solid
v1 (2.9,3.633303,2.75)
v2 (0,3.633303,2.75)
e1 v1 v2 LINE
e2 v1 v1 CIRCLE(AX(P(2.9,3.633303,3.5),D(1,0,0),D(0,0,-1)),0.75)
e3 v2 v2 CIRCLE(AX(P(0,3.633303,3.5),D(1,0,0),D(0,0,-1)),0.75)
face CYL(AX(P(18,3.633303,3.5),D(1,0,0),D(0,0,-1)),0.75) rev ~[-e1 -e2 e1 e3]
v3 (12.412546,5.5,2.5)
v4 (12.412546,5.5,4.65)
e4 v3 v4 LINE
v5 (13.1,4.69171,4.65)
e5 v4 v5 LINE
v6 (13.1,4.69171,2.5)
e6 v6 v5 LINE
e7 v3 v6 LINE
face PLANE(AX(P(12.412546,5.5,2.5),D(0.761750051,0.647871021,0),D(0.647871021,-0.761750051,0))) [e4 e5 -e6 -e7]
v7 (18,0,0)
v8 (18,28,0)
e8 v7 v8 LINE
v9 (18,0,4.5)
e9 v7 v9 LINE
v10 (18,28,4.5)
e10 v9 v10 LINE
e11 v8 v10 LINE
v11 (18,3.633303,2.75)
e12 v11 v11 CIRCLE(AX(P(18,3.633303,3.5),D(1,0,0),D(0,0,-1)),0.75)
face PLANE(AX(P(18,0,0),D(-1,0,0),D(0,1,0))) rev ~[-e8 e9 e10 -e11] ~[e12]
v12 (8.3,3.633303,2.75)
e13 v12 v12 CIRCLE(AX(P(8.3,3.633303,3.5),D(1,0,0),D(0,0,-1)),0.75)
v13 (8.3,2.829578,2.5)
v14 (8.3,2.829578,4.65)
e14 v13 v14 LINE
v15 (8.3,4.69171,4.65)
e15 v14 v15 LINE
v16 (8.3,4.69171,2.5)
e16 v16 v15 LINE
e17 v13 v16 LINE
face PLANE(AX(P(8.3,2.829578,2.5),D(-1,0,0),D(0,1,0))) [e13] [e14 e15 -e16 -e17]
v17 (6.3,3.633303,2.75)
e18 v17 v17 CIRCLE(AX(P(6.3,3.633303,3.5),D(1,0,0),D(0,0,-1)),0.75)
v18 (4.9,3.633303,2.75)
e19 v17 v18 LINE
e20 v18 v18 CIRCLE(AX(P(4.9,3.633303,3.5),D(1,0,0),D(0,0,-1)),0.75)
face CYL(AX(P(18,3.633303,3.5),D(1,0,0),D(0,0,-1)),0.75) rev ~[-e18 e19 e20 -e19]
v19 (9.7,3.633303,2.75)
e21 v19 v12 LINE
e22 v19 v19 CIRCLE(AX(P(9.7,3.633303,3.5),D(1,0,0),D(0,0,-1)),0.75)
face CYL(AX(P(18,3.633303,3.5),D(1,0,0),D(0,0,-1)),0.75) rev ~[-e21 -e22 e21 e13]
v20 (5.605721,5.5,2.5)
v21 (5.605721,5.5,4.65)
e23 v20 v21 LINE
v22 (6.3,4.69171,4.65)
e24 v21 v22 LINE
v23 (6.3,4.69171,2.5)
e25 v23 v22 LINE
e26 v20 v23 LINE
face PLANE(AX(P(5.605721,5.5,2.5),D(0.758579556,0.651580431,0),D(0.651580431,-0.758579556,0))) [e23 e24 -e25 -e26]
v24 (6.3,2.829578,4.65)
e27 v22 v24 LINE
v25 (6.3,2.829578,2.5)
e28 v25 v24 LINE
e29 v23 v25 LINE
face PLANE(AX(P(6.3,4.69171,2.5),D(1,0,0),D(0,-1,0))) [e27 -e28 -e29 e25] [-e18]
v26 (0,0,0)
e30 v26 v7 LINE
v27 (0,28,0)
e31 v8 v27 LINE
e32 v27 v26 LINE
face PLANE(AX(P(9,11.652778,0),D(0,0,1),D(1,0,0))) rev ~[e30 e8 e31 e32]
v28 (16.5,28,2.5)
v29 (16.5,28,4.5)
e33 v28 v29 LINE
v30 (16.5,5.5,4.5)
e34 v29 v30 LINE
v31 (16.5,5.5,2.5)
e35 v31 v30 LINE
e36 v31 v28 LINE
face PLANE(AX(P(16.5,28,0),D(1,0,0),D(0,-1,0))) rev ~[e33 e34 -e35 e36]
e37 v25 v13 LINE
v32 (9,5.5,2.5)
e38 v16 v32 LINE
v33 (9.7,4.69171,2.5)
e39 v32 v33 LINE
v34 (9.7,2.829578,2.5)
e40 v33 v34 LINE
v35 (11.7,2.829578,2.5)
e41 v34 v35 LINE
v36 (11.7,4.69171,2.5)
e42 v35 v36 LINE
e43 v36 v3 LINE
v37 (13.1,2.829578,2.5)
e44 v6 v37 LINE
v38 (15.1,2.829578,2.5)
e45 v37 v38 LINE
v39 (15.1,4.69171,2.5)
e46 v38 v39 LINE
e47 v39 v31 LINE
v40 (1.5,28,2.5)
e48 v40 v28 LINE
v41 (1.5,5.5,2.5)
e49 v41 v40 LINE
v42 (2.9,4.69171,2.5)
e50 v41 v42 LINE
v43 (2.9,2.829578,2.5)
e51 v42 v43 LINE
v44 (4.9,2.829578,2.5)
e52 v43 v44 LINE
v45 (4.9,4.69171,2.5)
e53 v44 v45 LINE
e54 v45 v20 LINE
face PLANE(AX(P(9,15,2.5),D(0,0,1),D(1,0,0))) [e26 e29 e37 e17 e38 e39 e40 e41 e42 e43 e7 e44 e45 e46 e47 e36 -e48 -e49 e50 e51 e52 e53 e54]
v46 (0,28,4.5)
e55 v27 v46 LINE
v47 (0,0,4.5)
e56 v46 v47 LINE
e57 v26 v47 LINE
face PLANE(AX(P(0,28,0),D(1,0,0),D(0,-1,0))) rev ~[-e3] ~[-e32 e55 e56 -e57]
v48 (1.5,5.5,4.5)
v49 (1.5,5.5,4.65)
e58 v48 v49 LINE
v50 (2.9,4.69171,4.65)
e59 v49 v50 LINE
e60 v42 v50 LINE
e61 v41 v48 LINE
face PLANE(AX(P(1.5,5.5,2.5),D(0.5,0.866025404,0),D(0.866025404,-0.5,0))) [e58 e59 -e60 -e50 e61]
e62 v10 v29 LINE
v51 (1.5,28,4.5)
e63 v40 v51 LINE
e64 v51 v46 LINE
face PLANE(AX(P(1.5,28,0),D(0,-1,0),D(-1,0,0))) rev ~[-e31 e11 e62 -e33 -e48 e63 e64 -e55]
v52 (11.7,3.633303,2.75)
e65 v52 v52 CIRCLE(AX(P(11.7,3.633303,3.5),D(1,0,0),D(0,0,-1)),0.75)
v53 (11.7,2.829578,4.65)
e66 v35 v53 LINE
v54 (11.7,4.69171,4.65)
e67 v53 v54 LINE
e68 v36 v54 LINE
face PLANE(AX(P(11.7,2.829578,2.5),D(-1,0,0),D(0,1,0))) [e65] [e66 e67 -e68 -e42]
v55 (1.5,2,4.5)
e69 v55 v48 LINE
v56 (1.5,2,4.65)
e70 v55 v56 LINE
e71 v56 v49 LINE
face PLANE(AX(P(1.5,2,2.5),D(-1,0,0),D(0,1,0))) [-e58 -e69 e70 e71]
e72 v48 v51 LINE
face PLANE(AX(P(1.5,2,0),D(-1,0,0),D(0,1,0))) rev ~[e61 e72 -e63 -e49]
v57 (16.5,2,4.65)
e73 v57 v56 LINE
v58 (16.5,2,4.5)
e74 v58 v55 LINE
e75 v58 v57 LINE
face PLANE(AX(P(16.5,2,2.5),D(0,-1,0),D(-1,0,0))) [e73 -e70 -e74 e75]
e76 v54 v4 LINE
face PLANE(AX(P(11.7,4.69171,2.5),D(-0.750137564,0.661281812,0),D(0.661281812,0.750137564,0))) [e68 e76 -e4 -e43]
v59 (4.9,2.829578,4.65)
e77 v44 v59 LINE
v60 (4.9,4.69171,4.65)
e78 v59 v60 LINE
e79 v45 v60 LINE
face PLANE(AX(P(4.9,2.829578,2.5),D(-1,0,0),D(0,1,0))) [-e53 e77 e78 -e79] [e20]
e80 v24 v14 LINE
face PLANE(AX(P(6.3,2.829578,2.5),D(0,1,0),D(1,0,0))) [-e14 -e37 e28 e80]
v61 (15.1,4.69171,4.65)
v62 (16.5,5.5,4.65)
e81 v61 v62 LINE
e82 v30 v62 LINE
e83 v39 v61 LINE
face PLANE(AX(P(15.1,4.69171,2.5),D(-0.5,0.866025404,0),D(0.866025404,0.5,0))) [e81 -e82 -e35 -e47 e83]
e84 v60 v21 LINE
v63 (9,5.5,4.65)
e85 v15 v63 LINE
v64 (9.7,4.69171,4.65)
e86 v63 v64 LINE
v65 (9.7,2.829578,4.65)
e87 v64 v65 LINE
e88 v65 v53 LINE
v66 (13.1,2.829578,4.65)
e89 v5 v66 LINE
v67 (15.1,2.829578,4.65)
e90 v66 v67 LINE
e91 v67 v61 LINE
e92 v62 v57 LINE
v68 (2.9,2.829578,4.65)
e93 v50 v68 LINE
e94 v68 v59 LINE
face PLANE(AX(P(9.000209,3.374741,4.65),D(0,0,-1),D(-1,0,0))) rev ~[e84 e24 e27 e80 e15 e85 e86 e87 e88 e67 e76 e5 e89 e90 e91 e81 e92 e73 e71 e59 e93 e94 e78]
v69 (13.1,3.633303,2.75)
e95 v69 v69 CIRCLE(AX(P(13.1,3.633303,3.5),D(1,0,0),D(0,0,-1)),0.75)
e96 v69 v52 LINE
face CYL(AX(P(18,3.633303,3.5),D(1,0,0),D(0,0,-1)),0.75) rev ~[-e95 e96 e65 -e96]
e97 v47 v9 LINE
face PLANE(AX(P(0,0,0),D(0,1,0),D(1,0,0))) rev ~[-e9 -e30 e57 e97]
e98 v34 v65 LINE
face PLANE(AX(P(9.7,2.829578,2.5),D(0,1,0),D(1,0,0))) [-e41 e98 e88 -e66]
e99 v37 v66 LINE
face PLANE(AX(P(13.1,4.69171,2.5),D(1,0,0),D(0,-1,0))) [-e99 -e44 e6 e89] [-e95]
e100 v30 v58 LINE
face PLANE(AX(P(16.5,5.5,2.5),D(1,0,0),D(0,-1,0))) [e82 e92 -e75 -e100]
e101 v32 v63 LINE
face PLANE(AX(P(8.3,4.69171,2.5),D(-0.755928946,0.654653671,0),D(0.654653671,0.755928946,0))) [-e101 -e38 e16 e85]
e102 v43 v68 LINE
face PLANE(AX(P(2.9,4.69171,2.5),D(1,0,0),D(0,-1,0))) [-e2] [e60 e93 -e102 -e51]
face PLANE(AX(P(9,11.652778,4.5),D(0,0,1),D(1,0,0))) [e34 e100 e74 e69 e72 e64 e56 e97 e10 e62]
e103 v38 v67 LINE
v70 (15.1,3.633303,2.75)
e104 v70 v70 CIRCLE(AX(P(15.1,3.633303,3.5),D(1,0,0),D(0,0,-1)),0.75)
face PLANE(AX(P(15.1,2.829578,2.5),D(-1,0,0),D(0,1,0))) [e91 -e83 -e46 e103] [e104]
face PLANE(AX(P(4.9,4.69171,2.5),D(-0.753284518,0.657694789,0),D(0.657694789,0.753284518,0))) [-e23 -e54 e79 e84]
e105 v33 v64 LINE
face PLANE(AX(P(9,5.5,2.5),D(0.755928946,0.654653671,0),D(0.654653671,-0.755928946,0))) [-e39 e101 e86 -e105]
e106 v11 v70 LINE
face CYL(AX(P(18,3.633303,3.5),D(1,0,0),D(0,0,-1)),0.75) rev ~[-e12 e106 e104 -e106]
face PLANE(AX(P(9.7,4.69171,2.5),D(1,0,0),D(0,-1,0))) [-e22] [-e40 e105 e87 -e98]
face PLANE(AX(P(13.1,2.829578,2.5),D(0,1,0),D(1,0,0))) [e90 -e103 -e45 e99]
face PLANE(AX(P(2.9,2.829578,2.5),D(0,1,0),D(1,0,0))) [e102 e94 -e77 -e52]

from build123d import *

# Parameters (mm, degrees)
ESBO_O1_W                = 15
ESBO_O1_H                = 26
RESSALTO_EXTRUS_O1_DEPTH = 2.5
RESSALTO_EXTRUS_O2_DEPTH = 4.5
RESSALTO_EXTRUS_O3_DEPTH = 2.15
ESBO_O3_R                = 0.75
CORTE_EXTRUS_O1_DEPTH    = 34.609857185


with BuildPart() as part:
    # Esboço1 → Ressalto-extrusão1 (new body)
    with BuildSketch(Plane.XY):
        with Locations((9, 15)):
            Rectangle(ESBO_O1_W, ESBO_O1_H)
    extrude(amount=RESSALTO_EXTRUS_O1_DEPTH)

    # Esboço1<3> → Ressalto-extrusão2 (add)
    with BuildSketch(Plane.XY):
        Polygon((1.5, 2), (1.5, 28), (0, 28), (0, 0), (18, 0), (18, 28), (16.5, 28), (16.5, 2), align=None)
    extrude(amount=RESSALTO_EXTRUS_O2_DEPTH)

    # Esboço2 → Ressalto-extrusão3 (add)
    with BuildSketch(Plane.XY.offset(2.5)):
        Polygon((1.5, 2), (1.5, 5.5), (2.9, 4.691709623), (2.9, 2.829578102), (4.9, 2.829578102), (4.9, 4.691709623), (5.605720556, 5.5), (6.3, 4.691709623), (6.3, 2.829578102), (8.3, 2.829578102), (8.3, 4.691709623), (9, 5.5), (9.7, 4.691709623), (9.7, 2.829578102), (11.7, 2.829578102), (11.7, 4.691709623), (12.412546272, 5.5), (13.1, 4.691709623), (13.1, 2.829578102), (15.1, 2.829578102), (15.1, 4.691709623), (16.5, 5.5), (16.5, 2), align=None)
    extrude(amount=RESSALTO_EXTRUS_O3_DEPTH)

    # Esboço3 → Corte-extrusão1 (cut, through all)
    with BuildSketch(Plane(origin=(18, 0, 0), x_dir=(0, 0, -1), z_dir=(1, 0, 0))):
        with Locations((-3.5, 3.633303465)):
            Circle(ESBO_O3_R)
    extrude(amount=-CORTE_EXTRUS_O1_DEPTH, mode=Mode.SUBTRACT)


solid = part.part
